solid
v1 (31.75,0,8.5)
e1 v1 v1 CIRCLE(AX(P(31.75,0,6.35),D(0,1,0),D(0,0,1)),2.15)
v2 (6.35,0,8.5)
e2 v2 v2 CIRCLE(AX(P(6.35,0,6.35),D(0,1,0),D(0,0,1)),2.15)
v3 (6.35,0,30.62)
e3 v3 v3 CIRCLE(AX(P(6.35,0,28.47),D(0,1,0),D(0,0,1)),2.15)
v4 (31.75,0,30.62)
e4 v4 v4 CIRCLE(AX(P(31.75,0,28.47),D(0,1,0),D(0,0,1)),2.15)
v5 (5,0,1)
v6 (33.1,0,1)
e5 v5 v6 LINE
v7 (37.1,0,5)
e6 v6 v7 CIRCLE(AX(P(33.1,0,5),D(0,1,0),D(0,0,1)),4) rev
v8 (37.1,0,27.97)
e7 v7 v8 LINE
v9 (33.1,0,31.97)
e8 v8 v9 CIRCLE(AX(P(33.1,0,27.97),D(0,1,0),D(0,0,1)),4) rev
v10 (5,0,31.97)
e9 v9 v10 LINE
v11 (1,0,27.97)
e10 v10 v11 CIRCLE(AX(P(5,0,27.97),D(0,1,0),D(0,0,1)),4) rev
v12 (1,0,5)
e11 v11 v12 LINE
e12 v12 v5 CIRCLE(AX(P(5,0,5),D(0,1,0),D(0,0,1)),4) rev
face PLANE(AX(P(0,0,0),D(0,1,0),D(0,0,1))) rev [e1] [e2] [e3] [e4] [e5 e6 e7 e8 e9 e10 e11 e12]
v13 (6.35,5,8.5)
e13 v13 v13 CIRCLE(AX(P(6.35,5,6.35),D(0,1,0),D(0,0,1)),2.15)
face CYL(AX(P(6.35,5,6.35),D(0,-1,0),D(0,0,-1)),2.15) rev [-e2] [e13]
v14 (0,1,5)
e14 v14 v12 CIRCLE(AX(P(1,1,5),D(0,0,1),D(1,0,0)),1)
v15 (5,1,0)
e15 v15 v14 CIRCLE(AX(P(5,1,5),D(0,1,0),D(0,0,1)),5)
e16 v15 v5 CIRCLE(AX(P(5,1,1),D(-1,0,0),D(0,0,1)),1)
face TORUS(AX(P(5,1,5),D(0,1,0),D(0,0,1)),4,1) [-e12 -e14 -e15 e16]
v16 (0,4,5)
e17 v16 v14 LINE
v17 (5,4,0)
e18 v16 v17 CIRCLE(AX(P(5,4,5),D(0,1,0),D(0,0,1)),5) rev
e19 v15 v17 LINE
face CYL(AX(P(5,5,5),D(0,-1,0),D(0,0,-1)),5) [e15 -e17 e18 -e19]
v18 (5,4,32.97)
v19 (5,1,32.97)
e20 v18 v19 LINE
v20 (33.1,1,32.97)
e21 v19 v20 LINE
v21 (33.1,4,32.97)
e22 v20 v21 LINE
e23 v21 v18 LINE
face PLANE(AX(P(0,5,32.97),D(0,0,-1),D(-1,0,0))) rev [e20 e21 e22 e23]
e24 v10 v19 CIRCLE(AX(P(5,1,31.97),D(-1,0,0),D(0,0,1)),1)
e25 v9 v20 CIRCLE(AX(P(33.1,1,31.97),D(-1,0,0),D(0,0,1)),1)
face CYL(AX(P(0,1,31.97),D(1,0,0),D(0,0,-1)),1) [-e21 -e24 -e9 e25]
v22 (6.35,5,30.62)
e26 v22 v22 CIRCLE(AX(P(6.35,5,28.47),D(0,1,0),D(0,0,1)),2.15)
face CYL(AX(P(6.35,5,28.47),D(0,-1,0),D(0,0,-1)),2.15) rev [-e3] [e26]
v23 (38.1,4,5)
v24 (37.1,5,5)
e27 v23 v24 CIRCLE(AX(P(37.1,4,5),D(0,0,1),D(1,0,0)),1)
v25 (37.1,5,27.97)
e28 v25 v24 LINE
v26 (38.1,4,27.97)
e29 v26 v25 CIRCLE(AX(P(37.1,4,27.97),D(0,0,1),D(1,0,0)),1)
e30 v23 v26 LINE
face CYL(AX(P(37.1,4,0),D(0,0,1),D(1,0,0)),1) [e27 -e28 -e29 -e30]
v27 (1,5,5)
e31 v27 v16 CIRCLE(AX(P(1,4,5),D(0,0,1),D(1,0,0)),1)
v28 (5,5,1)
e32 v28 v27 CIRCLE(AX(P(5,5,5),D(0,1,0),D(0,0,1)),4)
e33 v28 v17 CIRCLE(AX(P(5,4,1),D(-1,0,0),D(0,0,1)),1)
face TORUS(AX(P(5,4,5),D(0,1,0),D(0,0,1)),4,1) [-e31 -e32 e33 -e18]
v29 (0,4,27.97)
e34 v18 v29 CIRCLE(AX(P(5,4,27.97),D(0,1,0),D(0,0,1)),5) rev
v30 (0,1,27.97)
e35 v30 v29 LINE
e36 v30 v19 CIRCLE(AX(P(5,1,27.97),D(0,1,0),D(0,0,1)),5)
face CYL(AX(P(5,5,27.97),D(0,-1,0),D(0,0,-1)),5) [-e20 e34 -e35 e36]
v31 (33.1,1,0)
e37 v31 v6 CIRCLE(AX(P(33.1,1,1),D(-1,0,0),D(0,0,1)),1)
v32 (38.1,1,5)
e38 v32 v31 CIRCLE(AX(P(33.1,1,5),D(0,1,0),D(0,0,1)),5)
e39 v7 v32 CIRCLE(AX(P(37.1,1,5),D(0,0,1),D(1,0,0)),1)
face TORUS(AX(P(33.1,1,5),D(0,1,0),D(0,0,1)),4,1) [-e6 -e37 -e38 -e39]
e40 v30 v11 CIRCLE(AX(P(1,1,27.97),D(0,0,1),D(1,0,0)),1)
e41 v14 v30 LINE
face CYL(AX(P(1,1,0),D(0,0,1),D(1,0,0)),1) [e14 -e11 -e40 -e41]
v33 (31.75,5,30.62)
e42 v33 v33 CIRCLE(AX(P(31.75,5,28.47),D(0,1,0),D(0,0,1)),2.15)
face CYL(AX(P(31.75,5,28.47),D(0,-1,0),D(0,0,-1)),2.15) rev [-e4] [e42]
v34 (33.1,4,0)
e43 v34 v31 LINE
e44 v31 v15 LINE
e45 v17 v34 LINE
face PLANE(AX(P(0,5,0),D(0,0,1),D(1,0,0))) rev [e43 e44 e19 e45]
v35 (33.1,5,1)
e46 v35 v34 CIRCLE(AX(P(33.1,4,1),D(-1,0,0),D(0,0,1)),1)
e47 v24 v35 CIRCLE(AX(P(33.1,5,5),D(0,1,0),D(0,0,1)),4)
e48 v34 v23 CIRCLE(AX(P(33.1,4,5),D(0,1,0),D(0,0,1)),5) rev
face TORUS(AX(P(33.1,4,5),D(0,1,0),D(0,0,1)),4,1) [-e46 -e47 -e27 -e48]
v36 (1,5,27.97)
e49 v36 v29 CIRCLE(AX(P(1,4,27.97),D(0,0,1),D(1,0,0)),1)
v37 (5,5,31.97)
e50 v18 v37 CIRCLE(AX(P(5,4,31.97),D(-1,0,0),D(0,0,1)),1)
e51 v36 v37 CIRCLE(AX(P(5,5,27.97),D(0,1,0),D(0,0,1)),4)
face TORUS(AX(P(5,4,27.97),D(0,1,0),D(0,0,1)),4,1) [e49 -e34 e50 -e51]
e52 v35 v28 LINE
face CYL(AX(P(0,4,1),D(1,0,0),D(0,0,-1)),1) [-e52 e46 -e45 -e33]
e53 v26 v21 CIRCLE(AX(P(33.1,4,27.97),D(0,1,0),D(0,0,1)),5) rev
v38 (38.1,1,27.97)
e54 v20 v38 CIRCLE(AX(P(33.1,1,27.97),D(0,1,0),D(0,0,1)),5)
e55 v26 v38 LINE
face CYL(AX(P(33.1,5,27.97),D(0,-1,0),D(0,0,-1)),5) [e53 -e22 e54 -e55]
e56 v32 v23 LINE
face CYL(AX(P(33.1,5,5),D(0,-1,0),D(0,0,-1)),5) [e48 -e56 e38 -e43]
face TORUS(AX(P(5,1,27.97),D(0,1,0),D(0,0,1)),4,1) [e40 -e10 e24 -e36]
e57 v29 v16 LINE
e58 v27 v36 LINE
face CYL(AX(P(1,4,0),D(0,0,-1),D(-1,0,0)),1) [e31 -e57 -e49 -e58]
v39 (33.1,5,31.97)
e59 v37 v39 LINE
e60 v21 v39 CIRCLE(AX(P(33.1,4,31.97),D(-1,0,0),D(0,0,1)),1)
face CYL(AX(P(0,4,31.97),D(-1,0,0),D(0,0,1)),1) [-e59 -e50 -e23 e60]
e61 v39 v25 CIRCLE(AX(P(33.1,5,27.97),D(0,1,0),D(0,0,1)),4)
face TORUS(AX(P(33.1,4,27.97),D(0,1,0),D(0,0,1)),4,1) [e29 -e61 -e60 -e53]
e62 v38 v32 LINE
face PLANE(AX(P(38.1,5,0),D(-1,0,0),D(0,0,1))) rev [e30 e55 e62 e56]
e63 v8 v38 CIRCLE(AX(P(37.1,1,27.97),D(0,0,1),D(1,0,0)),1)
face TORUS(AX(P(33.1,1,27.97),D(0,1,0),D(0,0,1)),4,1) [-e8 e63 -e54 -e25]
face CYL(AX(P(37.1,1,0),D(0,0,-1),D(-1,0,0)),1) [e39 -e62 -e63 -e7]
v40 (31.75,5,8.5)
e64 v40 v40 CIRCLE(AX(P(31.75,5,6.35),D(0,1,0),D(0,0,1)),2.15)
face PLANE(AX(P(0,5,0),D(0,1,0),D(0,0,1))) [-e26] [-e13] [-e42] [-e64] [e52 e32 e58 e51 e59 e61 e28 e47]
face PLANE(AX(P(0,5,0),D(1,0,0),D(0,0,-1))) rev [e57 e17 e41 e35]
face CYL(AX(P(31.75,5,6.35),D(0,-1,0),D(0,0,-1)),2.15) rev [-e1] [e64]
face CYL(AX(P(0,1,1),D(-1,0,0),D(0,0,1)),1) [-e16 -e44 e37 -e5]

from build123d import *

# Parameters (mm, degrees)
SKETCH1_W           = 38.1
SKETCH1_H           = 32.97
SKETCH1_R           = 2.15
BOSS_EXTRUDE1_DEPTH = 5
FILLET1_R           = 5
FILLET2_R           = 1


with BuildPart() as part:
    # Sketch1 → Boss-Extrude1 (new body)
    with BuildSketch(Plane(origin=(0, 0, 0), x_dir=(1, 0, 0), z_dir=(0, 1, 0))):
        with Locations((19.05, -16.485)):
            Rectangle(SKETCH1_W, SKETCH1_H)
        with Locations(Location((6.35, -6.35, 0), (0, 0, 270))):
            Circle(SKETCH1_R, mode=Mode.SUBTRACT)
        with Locations(Location((31.75, -6.35, 0), (0, 0, 270))):
            Circle(SKETCH1_R, mode=Mode.SUBTRACT)
        with Locations(Location((31.75, -28.47, 0), (0, 0, 270))):
            Circle(SKETCH1_R, mode=Mode.SUBTRACT)
        with Locations(Location((6.35, -28.47, 0), (0, 0, 270))):
            Circle(SKETCH1_R, mode=Mode.SUBTRACT)
    extrude(amount=BOSS_EXTRUDE1_DEPTH)

    # Fillet1
    fillet1_edges = [part.edges().sort_by_distance(p)[0] for p in [
        (0, 2.5, 0),
        (38.1, 2.5, 0),
        (38.1, 2.5, 32.97),
        (0, 2.5, 32.97),
    ]]
    fillet(fillet1_edges, radius=FILLET1_R)

    # Fillet2
    fillet2_edges = [part.edges().sort_by_distance(p)[0] for p in [
        (0, 0, 16.485),
        (0, 5, 16.485),
        (19.05, 0, 0),
        (38.1, 0, 16.485),
        (19.05, 0, 32.97),
        (1.464466094, 0, 31.505533906),
        (36.635533906, 0, 31.505533906),
        (36.635533906, 0, 1.464466094),
        (1.464466094, 0, 1.464466094),
        (19.05, 5, 0),
        (19.05, 5, 32.97),
        (38.1, 5, 16.485),
        (1.464466094, 5, 31.505533906),
        (36.635533906, 5, 31.505533906),
        (36.635533906, 5, 1.464466094),
        (1.464466094, 5, 1.464466094),
    ]]
    fillet(fillet2_edges, radius=FILLET2_R)


solid = part.part
